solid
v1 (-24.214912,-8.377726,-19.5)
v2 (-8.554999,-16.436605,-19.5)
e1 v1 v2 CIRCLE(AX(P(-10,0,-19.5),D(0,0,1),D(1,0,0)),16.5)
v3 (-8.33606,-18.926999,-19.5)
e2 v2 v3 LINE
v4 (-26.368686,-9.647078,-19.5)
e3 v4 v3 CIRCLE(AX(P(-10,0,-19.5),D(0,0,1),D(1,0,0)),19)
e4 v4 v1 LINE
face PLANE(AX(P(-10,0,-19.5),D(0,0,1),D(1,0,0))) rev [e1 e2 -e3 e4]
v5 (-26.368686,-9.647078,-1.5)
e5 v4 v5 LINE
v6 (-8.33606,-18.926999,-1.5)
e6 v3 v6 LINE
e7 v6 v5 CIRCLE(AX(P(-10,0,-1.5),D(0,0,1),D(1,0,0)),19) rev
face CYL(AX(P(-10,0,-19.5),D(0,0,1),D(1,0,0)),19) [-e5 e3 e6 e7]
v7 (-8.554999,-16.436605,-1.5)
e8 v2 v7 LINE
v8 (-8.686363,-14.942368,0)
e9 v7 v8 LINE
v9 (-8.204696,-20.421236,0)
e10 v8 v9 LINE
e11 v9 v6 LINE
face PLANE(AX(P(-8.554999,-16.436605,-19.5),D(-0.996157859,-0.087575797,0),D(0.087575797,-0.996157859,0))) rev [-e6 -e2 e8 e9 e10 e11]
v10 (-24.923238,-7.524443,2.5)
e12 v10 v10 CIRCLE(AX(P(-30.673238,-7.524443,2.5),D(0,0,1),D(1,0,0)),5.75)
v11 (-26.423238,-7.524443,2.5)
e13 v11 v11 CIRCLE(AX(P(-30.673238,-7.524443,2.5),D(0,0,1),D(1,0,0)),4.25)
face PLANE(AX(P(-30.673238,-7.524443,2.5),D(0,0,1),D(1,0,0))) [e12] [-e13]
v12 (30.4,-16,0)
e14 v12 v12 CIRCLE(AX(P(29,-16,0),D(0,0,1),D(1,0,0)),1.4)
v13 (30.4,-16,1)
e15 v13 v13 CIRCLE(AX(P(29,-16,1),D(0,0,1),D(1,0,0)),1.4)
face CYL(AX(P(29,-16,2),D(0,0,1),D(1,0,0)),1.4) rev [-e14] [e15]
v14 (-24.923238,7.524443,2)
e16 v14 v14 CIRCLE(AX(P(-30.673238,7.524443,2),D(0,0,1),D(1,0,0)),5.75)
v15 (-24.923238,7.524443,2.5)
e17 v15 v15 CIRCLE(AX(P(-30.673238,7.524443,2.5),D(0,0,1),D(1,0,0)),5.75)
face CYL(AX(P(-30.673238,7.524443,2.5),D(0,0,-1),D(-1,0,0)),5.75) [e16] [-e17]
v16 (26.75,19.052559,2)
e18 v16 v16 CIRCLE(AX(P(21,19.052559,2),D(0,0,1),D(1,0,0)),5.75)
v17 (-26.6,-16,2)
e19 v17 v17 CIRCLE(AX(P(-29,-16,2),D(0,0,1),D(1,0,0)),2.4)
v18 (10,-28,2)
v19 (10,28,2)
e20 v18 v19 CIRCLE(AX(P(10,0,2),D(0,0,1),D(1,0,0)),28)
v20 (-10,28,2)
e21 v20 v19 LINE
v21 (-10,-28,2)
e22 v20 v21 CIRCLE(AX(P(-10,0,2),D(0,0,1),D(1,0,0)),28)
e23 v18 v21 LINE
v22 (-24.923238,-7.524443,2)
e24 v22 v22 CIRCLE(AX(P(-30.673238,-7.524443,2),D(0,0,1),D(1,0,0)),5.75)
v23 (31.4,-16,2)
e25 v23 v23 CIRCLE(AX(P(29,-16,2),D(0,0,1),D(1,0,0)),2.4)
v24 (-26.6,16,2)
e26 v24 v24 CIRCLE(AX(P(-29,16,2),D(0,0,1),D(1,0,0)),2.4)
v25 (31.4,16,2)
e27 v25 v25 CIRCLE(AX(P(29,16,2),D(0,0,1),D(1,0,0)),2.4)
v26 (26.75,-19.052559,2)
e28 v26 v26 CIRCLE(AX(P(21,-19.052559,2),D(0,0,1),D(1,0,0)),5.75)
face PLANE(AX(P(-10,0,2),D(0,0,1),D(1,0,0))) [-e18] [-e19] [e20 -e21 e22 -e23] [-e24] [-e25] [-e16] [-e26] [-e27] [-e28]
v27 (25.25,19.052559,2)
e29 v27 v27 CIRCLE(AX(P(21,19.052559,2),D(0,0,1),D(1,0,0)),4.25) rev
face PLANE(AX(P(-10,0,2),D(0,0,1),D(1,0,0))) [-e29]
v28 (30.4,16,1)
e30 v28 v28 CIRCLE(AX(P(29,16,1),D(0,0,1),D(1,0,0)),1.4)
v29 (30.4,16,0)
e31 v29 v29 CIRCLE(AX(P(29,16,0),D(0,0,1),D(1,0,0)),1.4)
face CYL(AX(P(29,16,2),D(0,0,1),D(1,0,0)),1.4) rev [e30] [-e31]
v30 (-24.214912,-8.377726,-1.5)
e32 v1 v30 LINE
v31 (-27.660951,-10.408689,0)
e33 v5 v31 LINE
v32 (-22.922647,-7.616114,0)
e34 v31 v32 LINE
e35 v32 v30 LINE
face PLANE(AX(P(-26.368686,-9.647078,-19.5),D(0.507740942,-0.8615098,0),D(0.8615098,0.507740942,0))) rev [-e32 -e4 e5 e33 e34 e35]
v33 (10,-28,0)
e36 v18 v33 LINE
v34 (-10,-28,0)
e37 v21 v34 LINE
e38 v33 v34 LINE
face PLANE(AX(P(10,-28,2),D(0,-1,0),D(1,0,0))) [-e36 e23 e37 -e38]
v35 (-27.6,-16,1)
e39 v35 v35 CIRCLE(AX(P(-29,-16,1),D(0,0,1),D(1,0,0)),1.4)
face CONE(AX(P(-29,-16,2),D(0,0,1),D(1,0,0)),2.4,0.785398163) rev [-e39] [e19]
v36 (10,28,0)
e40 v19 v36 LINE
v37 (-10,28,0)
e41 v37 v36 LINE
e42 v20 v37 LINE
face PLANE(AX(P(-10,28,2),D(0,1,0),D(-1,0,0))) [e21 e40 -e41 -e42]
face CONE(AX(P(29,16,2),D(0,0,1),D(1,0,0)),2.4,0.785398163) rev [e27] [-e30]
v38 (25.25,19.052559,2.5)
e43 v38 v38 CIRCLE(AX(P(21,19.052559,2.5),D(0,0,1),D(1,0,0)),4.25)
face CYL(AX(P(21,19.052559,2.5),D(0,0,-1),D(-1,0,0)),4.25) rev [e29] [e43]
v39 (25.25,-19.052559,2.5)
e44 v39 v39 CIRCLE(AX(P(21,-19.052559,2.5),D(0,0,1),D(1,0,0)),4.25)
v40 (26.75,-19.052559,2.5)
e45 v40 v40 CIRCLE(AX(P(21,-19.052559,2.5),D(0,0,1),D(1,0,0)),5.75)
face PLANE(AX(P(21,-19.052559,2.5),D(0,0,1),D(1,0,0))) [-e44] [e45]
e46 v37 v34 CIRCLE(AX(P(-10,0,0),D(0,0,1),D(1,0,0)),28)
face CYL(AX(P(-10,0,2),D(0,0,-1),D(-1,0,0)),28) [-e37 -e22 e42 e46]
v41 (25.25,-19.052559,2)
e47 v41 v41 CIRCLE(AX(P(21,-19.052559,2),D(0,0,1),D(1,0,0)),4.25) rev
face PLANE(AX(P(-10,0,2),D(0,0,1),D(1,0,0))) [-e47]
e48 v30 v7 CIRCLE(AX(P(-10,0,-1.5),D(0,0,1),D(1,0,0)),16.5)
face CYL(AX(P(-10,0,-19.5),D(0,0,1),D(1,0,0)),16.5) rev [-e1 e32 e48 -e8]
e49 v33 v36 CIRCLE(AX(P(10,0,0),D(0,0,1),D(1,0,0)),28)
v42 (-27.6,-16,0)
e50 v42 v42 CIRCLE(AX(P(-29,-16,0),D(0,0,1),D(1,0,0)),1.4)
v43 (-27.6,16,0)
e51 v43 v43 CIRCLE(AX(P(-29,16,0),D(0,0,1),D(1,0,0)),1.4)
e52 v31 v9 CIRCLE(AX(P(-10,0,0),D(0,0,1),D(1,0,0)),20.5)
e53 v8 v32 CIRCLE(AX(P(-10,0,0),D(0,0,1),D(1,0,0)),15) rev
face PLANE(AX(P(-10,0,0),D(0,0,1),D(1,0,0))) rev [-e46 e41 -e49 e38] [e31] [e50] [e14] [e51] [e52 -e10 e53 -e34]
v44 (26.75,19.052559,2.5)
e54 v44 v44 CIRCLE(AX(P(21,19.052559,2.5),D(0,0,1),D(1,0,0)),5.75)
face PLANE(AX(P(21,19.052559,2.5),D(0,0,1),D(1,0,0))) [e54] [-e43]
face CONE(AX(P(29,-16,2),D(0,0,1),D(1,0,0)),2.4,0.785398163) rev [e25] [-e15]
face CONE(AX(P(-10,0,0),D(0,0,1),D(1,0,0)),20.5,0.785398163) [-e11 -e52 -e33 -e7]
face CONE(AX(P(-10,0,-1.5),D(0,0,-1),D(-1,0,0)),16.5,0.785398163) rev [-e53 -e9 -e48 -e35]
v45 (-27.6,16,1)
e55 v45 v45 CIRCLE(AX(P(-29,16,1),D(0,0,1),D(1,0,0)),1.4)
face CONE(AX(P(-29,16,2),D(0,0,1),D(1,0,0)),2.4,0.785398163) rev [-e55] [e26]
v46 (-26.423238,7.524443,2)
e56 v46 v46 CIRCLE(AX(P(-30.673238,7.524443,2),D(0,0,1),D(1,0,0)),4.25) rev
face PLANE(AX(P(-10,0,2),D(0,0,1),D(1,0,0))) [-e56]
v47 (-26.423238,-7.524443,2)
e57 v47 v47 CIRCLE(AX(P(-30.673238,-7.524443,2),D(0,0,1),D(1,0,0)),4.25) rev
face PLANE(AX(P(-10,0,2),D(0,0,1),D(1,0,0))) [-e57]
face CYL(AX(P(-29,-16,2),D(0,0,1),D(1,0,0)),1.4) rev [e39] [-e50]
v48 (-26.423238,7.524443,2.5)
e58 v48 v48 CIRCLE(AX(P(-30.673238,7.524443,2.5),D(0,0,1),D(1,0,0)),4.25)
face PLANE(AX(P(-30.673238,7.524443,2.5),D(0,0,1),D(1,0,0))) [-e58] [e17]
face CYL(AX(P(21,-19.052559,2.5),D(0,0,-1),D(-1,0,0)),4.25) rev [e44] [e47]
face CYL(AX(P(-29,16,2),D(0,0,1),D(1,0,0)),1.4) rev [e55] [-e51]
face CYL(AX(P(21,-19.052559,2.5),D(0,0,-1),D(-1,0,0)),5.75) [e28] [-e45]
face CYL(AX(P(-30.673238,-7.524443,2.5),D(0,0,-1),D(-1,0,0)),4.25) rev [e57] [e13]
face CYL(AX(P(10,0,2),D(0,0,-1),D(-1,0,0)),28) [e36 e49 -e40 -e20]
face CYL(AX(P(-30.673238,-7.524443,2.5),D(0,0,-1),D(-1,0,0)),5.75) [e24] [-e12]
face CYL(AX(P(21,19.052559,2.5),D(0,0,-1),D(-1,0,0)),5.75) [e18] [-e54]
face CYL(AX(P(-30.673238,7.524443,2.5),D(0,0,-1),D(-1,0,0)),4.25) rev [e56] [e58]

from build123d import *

# Parameters (mm, degrees)
EXTRUDE_2_DEPTH           = 2
HOLE_WIZARD_0_D           = 2.8
HOLE_WIZARD_0_DEPTH       = 10.1
HOLE_WIZARD_0_CSINK_D     = 4.8
HOLE_WIZARD_0_CSINK_ANGLE = 90
HOLE_WIZARD_0_TIP         = 0.841204867
SKETCH_7_R                = 5.75
SKETCH_7_R_2              = 4.25
EXTRUDE_1_DEPTH           = 0.5
EXTRUDE_2_2_DEPTH         = 21.5
CHAMFER_1_SIZE            = 1.5


with BuildPart() as part:
    # 草图3 → Extrude 2 (new body)
    with BuildSketch(Plane.XY):
        with BuildLine():
            Line((10, -28), (-10, -28))
            ThreePointArc((-10, -28), (-38, 0), (-10, 28))
            Line((-10, 28), (10, 28))
            ThreePointArc((10, 28), (38, 0), (10, -28))
        make_face()
    extrude(amount=EXTRUDE_2_DEPTH)

    # 打孔尺寸(%根据十字)槽沉头自攻螺钉的类型0
    with Locations(Plane.XY.offset(2)):
        with Locations((-29, 16), (-29, -16), (29, 16), (29, -16)):
            CounterSinkHole(HOLE_WIZARD_0_D / 2, HOLE_WIZARD_0_CSINK_D / 2, depth=HOLE_WIZARD_0_DEPTH, counter_sink_angle=HOLE_WIZARD_0_CSINK_ANGLE)
            with Locations((0, 0, -(HOLE_WIZARD_0_DEPTH + HOLE_WIZARD_0_TIP / 2))):  # 118° drill point
                Cone(0, HOLE_WIZARD_0_D / 2, HOLE_WIZARD_0_TIP, mode=Mode.SUBTRACT)

    # 草图7 → 拉伸-薄壁1 (add)
    # profile 1 of 4: a face of its own
    with BuildSketch(Plane.XY.offset(2)):
        with Locations((-30.673237657, 7.524443153)):
            Circle(SKETCH_7_R)
        with Locations((-30.673237657, 7.524443153)):
            Circle(SKETCH_7_R_2, mode=Mode.SUBTRACT)
    # profile 2 of 4: a face of its own
    with BuildSketch(Plane.XY.offset(2)):
        with Locations((-30.673237657, -7.524443153)):
            Circle(SKETCH_7_R)
        with Locations((-30.673237657, -7.524443153)):
            Circle(SKETCH_7_R_2, mode=Mode.SUBTRACT)
    # profile 3 of 4: a face of its own
    with BuildSketch(Plane.XY.offset(2)):
        with Locations((21, -19.052558883)):
            Circle(SKETCH_7_R)
        with Locations((21, -19.052558883)):
            Circle(SKETCH_7_R_2, mode=Mode.SUBTRACT)
    # profile 4 of 4: a face of its own
    with BuildSketch(Plane.XY.offset(2)):
        with Locations((21, 19.052558883)):
            Circle(SKETCH_7_R)
        with Locations((21, 19.052558883)):
            Circle(SKETCH_7_R_2, mode=Mode.SUBTRACT)
    extrude(amount=EXTRUDE_1_DEPTH)

    # 草图10 → Extrude 2 2 (add)
    with BuildSketch(Plane.XY.offset(2)):
        with BuildLine():
            ThreePointArc((-24.214911699, -8.37772555), (-17.550101998, -14.671263061), (-8.554999344, -16.436604671))
            Line((-8.554999344, -16.436604671), (-8.336059851, -18.926999318))
            ThreePointArc((-8.336059851, -18.926999318), (-18.694056847, -16.894181707), (-26.368686199, -9.647077906))
            Line((-26.368686199, -9.647077906), (-24.214911699, -8.37772555))
        make_face()
    extrude(amount=-EXTRUDE_2_2_DEPTH)

    # 倒角1
    chamfer_1_edges = [part.edges().sort_by_distance(p)[0] for p in [
        (-17.550101998, -14.671263061, 0),
        (-18.694056847, -16.894181707, 0),
    ]]
    chamfer(chamfer_1_edges, length=CHAMFER_1_SIZE)


solid = part.part
